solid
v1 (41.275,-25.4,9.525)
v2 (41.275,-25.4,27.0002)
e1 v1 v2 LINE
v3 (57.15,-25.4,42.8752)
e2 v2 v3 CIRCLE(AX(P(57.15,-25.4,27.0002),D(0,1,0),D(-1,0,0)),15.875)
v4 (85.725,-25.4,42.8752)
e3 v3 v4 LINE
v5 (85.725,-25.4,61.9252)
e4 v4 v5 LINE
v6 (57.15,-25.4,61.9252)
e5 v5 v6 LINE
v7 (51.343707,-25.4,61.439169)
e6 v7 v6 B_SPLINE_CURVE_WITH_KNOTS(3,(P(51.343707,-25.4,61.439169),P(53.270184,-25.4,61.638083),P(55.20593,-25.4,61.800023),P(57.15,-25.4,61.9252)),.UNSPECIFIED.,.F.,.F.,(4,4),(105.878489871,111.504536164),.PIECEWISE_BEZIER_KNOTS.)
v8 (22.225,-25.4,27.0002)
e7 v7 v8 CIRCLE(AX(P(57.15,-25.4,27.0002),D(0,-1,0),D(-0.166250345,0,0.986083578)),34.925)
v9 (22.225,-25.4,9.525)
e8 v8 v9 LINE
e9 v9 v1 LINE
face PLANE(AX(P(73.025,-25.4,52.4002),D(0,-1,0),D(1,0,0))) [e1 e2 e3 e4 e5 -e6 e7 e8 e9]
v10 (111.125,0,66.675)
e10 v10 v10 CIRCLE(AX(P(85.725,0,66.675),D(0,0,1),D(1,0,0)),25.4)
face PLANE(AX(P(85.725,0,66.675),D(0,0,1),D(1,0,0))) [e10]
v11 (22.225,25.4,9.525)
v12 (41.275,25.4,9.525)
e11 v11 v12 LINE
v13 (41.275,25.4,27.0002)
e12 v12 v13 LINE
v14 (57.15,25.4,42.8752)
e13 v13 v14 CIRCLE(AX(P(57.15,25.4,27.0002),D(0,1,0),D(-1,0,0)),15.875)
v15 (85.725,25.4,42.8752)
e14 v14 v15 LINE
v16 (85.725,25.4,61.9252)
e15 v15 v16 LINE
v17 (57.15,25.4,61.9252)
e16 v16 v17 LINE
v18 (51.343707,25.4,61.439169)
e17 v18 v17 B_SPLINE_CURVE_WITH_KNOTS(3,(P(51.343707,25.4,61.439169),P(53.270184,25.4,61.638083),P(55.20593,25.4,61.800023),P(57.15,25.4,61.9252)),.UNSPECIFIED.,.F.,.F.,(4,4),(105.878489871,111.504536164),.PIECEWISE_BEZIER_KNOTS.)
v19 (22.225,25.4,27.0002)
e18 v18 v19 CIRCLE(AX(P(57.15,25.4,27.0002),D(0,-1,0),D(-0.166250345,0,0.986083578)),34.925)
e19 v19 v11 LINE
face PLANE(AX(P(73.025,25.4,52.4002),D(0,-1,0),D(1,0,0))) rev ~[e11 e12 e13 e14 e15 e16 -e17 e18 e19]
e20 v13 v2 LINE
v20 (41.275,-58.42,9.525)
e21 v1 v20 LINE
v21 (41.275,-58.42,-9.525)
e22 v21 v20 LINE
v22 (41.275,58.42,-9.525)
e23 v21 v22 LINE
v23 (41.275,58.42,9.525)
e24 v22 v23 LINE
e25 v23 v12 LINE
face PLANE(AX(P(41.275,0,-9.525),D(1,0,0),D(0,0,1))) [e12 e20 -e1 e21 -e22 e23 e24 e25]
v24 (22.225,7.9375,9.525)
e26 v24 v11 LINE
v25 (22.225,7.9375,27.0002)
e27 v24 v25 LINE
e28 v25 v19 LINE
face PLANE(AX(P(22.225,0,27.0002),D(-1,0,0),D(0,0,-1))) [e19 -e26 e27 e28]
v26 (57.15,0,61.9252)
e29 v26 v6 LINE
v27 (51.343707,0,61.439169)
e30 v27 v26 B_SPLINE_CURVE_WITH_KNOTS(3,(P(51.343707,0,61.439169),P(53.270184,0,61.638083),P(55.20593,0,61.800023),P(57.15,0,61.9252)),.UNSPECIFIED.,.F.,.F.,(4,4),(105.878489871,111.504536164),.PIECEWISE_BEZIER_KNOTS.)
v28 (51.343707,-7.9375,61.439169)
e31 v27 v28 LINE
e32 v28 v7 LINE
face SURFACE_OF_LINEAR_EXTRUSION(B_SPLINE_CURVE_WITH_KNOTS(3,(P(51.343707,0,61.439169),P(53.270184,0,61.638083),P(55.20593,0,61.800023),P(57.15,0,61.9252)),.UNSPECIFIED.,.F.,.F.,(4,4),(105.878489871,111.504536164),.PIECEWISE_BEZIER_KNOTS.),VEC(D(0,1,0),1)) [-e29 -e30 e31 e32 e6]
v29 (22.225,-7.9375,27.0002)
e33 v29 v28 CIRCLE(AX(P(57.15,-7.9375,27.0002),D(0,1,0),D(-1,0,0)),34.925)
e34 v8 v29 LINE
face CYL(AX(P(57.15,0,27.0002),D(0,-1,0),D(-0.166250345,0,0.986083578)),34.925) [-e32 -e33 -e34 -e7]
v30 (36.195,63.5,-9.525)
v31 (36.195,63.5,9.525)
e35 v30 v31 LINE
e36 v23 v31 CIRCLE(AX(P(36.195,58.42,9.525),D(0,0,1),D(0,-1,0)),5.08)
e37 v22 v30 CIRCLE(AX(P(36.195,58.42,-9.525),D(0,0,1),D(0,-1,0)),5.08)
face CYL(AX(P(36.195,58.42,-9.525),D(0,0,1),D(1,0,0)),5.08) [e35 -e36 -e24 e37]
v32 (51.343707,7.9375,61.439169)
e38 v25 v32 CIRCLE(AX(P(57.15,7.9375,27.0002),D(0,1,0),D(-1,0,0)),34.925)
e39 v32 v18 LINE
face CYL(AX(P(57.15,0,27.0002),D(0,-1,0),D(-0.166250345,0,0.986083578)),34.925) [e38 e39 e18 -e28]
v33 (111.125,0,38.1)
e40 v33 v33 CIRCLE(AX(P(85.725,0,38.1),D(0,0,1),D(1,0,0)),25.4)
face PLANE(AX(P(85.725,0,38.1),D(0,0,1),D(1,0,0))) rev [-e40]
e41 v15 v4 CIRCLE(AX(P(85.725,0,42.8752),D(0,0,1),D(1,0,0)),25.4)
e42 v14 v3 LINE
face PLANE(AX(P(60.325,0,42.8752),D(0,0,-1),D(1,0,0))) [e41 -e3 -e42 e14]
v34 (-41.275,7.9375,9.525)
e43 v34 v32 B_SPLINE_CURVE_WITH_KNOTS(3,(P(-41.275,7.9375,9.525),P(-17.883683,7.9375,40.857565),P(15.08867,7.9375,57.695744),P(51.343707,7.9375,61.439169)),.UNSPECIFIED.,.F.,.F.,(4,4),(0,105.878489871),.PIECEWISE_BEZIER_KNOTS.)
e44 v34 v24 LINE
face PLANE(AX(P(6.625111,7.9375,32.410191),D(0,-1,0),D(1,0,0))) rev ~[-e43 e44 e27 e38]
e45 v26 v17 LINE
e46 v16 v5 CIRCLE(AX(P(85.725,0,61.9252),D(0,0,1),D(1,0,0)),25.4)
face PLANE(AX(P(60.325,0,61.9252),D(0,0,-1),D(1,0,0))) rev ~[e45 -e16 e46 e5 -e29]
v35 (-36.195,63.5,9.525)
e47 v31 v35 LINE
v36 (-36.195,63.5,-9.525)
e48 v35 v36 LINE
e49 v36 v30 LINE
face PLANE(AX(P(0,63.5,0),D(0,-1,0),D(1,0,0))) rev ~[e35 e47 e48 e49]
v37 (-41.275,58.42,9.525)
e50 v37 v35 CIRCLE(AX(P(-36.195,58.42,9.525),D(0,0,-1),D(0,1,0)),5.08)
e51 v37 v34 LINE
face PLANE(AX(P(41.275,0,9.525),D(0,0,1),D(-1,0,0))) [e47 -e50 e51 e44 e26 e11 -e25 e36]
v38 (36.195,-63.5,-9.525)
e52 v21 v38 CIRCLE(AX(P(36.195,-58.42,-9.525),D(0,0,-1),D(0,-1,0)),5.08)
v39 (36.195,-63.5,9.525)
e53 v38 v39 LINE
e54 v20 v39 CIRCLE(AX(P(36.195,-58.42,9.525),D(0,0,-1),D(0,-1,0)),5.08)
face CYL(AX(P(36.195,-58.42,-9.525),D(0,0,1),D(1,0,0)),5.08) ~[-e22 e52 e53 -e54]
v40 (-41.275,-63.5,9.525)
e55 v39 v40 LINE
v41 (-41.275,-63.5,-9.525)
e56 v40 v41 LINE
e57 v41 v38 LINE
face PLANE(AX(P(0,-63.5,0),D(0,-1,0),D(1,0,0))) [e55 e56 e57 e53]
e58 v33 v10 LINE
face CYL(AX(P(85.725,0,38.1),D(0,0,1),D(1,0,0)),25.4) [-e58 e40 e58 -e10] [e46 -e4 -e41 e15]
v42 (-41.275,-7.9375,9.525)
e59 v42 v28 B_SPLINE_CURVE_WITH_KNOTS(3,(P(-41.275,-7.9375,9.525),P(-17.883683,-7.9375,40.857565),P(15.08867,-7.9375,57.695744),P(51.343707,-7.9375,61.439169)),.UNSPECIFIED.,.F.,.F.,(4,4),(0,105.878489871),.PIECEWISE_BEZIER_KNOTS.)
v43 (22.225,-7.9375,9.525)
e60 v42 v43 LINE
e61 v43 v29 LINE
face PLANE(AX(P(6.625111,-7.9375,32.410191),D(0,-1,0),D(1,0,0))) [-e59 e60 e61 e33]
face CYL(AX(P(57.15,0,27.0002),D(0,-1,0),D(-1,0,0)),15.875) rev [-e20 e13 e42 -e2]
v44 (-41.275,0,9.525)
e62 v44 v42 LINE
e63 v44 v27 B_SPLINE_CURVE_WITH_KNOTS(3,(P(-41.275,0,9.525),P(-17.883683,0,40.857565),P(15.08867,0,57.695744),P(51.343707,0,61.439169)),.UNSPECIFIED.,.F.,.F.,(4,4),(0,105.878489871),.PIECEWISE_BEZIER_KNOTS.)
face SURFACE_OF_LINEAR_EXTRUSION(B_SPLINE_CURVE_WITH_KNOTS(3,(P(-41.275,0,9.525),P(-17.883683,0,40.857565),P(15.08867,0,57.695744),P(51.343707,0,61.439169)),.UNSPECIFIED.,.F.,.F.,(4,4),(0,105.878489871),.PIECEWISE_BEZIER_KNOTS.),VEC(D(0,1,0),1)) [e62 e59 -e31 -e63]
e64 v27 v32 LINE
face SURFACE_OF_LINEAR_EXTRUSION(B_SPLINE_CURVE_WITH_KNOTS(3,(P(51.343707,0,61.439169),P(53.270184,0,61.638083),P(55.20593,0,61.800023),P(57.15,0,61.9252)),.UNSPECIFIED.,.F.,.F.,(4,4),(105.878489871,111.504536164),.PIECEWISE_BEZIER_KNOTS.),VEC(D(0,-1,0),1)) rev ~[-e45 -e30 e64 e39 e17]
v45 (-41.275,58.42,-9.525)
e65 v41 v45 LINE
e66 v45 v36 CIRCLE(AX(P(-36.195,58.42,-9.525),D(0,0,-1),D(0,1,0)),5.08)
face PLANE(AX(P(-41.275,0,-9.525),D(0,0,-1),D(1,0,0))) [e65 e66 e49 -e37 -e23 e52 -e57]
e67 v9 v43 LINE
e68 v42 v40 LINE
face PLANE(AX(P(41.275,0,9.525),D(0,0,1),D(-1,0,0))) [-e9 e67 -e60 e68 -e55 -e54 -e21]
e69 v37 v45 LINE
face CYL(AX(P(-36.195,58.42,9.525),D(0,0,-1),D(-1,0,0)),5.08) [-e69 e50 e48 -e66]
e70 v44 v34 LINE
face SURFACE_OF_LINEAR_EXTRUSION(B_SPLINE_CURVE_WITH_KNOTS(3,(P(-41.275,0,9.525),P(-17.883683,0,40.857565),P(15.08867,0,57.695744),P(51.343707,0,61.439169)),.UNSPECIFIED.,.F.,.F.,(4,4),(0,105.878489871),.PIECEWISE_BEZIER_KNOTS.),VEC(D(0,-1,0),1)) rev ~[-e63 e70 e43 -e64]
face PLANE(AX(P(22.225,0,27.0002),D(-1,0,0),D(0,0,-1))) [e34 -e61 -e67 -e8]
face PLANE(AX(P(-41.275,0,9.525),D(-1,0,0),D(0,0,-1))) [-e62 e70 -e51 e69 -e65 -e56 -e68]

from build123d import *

# Parameters (mm, degrees)
F1_DEPTH = 63.5
F2_DEPTH = 25.4
F0_W     = 25.4
F0_H     = 19.05
F3_DEPTH = 25.4
F4_DEPTH = 7.9375
F6_R     = 5.08


with BuildPart() as f1:
    # F0 (on Front) → F1 (new body, symmetric)
    with BuildSketch(Plane.XZ):
        Polygon((41.275, -9.525), (41.275, 9.525), (22.225, 9.525), (-41.275, 9.525), (-41.275, -9.525), align=None)
    extrude(amount=F1_DEPTH, both=True)

    # F0 (on Front) → F2 (join, symmetric)
    with BuildSketch(Plane.XZ):
        with BuildLine():
            Line((22.225, 9.525), (41.275, 9.525))
            Line((41.275, 9.525), (41.275, 27.0002))
            ThreePointArc((41.275, 27.0002), (45.9246798487, 38.2255201513), (57.15, 42.8752))
            Line((57.15, 42.8752), (60.325, 42.8752))
            Line((60.325, 42.8752), (60.325, 61.9252))
            Line((60.325, 61.9252), (57.15, 61.9252))
            add(Edge.make_bspline(
                [(51.3437067014, 61.4391689615), (53.2701840595, 61.6380826353), (55.2059301459, 61.8000229845), (57.15, 61.9252)],
                knots=[105.8784898715, 105.8784898715, 105.8784898715, 105.8784898715, 111.5045361635, 111.5045361635, 111.5045361635, 111.5045361635], degree=3))
            ThreePointArc((51.3437067014, 61.4391689615), (30.4803504105, 49.5498211891), (22.225, 27.0002))
            Line((22.225, 27.0002), (22.225, 9.525))
        make_face()
    extrude(amount=F2_DEPTH, both=True)

    # F0 (on Front) → F3 (join, symmetric)
    with BuildSketch(Plane.XZ):
        with Locations((73.025, 52.4002)):
            Rectangle(F0_W, F0_H)
    extrude(amount=F3_DEPTH, both=True)

    # F0 (on Front) → F4 (join, symmetric)
    with BuildSketch(Plane.XZ):
        with BuildLine():
            Line((-41.275, 9.525), (22.225, 9.525))
            Line((22.225, 9.525), (22.225, 27.0002))
            ThreePointArc((22.225, 27.0002), (30.4803504105, 49.5498211891), (51.3437067014, 61.4391689615))
            add(Edge.make_bspline(
                [(-41.275, 9.525), (-17.8836826393, 40.8575650231), (15.0886702409, 57.6957444853), (51.3437067014, 61.4391689615)],
                knots=[0, 0, 0, 0, 105.8784898715, 105.8784898715, 105.8784898715, 105.8784898715], degree=3))
        make_face()
    extrude(amount=F4_DEPTH, both=True)

    # F0 (on Front) → F5 (revolve)
    with BuildSketch(Plane.XZ):
        Polygon((85.725, 61.9252), (85.725, 42.8752), (85.725, 38.1), (111.125, 38.1), (111.125, 66.675), (85.725, 66.675), align=None)
    revolve(axis=Axis((85.725, 0, 52.3875), (0, 0, 1)))

    # F6
    f6_edges = [f1.edges().sort_by_distance(p)[0] for p in [
        (41.275, -63.5, 0),
        (-41.275, 63.5, 0),
        (41.275, 63.5, 0),
    ]]
    fillet(f6_edges, radius=F6_R)


solid = f1.part
